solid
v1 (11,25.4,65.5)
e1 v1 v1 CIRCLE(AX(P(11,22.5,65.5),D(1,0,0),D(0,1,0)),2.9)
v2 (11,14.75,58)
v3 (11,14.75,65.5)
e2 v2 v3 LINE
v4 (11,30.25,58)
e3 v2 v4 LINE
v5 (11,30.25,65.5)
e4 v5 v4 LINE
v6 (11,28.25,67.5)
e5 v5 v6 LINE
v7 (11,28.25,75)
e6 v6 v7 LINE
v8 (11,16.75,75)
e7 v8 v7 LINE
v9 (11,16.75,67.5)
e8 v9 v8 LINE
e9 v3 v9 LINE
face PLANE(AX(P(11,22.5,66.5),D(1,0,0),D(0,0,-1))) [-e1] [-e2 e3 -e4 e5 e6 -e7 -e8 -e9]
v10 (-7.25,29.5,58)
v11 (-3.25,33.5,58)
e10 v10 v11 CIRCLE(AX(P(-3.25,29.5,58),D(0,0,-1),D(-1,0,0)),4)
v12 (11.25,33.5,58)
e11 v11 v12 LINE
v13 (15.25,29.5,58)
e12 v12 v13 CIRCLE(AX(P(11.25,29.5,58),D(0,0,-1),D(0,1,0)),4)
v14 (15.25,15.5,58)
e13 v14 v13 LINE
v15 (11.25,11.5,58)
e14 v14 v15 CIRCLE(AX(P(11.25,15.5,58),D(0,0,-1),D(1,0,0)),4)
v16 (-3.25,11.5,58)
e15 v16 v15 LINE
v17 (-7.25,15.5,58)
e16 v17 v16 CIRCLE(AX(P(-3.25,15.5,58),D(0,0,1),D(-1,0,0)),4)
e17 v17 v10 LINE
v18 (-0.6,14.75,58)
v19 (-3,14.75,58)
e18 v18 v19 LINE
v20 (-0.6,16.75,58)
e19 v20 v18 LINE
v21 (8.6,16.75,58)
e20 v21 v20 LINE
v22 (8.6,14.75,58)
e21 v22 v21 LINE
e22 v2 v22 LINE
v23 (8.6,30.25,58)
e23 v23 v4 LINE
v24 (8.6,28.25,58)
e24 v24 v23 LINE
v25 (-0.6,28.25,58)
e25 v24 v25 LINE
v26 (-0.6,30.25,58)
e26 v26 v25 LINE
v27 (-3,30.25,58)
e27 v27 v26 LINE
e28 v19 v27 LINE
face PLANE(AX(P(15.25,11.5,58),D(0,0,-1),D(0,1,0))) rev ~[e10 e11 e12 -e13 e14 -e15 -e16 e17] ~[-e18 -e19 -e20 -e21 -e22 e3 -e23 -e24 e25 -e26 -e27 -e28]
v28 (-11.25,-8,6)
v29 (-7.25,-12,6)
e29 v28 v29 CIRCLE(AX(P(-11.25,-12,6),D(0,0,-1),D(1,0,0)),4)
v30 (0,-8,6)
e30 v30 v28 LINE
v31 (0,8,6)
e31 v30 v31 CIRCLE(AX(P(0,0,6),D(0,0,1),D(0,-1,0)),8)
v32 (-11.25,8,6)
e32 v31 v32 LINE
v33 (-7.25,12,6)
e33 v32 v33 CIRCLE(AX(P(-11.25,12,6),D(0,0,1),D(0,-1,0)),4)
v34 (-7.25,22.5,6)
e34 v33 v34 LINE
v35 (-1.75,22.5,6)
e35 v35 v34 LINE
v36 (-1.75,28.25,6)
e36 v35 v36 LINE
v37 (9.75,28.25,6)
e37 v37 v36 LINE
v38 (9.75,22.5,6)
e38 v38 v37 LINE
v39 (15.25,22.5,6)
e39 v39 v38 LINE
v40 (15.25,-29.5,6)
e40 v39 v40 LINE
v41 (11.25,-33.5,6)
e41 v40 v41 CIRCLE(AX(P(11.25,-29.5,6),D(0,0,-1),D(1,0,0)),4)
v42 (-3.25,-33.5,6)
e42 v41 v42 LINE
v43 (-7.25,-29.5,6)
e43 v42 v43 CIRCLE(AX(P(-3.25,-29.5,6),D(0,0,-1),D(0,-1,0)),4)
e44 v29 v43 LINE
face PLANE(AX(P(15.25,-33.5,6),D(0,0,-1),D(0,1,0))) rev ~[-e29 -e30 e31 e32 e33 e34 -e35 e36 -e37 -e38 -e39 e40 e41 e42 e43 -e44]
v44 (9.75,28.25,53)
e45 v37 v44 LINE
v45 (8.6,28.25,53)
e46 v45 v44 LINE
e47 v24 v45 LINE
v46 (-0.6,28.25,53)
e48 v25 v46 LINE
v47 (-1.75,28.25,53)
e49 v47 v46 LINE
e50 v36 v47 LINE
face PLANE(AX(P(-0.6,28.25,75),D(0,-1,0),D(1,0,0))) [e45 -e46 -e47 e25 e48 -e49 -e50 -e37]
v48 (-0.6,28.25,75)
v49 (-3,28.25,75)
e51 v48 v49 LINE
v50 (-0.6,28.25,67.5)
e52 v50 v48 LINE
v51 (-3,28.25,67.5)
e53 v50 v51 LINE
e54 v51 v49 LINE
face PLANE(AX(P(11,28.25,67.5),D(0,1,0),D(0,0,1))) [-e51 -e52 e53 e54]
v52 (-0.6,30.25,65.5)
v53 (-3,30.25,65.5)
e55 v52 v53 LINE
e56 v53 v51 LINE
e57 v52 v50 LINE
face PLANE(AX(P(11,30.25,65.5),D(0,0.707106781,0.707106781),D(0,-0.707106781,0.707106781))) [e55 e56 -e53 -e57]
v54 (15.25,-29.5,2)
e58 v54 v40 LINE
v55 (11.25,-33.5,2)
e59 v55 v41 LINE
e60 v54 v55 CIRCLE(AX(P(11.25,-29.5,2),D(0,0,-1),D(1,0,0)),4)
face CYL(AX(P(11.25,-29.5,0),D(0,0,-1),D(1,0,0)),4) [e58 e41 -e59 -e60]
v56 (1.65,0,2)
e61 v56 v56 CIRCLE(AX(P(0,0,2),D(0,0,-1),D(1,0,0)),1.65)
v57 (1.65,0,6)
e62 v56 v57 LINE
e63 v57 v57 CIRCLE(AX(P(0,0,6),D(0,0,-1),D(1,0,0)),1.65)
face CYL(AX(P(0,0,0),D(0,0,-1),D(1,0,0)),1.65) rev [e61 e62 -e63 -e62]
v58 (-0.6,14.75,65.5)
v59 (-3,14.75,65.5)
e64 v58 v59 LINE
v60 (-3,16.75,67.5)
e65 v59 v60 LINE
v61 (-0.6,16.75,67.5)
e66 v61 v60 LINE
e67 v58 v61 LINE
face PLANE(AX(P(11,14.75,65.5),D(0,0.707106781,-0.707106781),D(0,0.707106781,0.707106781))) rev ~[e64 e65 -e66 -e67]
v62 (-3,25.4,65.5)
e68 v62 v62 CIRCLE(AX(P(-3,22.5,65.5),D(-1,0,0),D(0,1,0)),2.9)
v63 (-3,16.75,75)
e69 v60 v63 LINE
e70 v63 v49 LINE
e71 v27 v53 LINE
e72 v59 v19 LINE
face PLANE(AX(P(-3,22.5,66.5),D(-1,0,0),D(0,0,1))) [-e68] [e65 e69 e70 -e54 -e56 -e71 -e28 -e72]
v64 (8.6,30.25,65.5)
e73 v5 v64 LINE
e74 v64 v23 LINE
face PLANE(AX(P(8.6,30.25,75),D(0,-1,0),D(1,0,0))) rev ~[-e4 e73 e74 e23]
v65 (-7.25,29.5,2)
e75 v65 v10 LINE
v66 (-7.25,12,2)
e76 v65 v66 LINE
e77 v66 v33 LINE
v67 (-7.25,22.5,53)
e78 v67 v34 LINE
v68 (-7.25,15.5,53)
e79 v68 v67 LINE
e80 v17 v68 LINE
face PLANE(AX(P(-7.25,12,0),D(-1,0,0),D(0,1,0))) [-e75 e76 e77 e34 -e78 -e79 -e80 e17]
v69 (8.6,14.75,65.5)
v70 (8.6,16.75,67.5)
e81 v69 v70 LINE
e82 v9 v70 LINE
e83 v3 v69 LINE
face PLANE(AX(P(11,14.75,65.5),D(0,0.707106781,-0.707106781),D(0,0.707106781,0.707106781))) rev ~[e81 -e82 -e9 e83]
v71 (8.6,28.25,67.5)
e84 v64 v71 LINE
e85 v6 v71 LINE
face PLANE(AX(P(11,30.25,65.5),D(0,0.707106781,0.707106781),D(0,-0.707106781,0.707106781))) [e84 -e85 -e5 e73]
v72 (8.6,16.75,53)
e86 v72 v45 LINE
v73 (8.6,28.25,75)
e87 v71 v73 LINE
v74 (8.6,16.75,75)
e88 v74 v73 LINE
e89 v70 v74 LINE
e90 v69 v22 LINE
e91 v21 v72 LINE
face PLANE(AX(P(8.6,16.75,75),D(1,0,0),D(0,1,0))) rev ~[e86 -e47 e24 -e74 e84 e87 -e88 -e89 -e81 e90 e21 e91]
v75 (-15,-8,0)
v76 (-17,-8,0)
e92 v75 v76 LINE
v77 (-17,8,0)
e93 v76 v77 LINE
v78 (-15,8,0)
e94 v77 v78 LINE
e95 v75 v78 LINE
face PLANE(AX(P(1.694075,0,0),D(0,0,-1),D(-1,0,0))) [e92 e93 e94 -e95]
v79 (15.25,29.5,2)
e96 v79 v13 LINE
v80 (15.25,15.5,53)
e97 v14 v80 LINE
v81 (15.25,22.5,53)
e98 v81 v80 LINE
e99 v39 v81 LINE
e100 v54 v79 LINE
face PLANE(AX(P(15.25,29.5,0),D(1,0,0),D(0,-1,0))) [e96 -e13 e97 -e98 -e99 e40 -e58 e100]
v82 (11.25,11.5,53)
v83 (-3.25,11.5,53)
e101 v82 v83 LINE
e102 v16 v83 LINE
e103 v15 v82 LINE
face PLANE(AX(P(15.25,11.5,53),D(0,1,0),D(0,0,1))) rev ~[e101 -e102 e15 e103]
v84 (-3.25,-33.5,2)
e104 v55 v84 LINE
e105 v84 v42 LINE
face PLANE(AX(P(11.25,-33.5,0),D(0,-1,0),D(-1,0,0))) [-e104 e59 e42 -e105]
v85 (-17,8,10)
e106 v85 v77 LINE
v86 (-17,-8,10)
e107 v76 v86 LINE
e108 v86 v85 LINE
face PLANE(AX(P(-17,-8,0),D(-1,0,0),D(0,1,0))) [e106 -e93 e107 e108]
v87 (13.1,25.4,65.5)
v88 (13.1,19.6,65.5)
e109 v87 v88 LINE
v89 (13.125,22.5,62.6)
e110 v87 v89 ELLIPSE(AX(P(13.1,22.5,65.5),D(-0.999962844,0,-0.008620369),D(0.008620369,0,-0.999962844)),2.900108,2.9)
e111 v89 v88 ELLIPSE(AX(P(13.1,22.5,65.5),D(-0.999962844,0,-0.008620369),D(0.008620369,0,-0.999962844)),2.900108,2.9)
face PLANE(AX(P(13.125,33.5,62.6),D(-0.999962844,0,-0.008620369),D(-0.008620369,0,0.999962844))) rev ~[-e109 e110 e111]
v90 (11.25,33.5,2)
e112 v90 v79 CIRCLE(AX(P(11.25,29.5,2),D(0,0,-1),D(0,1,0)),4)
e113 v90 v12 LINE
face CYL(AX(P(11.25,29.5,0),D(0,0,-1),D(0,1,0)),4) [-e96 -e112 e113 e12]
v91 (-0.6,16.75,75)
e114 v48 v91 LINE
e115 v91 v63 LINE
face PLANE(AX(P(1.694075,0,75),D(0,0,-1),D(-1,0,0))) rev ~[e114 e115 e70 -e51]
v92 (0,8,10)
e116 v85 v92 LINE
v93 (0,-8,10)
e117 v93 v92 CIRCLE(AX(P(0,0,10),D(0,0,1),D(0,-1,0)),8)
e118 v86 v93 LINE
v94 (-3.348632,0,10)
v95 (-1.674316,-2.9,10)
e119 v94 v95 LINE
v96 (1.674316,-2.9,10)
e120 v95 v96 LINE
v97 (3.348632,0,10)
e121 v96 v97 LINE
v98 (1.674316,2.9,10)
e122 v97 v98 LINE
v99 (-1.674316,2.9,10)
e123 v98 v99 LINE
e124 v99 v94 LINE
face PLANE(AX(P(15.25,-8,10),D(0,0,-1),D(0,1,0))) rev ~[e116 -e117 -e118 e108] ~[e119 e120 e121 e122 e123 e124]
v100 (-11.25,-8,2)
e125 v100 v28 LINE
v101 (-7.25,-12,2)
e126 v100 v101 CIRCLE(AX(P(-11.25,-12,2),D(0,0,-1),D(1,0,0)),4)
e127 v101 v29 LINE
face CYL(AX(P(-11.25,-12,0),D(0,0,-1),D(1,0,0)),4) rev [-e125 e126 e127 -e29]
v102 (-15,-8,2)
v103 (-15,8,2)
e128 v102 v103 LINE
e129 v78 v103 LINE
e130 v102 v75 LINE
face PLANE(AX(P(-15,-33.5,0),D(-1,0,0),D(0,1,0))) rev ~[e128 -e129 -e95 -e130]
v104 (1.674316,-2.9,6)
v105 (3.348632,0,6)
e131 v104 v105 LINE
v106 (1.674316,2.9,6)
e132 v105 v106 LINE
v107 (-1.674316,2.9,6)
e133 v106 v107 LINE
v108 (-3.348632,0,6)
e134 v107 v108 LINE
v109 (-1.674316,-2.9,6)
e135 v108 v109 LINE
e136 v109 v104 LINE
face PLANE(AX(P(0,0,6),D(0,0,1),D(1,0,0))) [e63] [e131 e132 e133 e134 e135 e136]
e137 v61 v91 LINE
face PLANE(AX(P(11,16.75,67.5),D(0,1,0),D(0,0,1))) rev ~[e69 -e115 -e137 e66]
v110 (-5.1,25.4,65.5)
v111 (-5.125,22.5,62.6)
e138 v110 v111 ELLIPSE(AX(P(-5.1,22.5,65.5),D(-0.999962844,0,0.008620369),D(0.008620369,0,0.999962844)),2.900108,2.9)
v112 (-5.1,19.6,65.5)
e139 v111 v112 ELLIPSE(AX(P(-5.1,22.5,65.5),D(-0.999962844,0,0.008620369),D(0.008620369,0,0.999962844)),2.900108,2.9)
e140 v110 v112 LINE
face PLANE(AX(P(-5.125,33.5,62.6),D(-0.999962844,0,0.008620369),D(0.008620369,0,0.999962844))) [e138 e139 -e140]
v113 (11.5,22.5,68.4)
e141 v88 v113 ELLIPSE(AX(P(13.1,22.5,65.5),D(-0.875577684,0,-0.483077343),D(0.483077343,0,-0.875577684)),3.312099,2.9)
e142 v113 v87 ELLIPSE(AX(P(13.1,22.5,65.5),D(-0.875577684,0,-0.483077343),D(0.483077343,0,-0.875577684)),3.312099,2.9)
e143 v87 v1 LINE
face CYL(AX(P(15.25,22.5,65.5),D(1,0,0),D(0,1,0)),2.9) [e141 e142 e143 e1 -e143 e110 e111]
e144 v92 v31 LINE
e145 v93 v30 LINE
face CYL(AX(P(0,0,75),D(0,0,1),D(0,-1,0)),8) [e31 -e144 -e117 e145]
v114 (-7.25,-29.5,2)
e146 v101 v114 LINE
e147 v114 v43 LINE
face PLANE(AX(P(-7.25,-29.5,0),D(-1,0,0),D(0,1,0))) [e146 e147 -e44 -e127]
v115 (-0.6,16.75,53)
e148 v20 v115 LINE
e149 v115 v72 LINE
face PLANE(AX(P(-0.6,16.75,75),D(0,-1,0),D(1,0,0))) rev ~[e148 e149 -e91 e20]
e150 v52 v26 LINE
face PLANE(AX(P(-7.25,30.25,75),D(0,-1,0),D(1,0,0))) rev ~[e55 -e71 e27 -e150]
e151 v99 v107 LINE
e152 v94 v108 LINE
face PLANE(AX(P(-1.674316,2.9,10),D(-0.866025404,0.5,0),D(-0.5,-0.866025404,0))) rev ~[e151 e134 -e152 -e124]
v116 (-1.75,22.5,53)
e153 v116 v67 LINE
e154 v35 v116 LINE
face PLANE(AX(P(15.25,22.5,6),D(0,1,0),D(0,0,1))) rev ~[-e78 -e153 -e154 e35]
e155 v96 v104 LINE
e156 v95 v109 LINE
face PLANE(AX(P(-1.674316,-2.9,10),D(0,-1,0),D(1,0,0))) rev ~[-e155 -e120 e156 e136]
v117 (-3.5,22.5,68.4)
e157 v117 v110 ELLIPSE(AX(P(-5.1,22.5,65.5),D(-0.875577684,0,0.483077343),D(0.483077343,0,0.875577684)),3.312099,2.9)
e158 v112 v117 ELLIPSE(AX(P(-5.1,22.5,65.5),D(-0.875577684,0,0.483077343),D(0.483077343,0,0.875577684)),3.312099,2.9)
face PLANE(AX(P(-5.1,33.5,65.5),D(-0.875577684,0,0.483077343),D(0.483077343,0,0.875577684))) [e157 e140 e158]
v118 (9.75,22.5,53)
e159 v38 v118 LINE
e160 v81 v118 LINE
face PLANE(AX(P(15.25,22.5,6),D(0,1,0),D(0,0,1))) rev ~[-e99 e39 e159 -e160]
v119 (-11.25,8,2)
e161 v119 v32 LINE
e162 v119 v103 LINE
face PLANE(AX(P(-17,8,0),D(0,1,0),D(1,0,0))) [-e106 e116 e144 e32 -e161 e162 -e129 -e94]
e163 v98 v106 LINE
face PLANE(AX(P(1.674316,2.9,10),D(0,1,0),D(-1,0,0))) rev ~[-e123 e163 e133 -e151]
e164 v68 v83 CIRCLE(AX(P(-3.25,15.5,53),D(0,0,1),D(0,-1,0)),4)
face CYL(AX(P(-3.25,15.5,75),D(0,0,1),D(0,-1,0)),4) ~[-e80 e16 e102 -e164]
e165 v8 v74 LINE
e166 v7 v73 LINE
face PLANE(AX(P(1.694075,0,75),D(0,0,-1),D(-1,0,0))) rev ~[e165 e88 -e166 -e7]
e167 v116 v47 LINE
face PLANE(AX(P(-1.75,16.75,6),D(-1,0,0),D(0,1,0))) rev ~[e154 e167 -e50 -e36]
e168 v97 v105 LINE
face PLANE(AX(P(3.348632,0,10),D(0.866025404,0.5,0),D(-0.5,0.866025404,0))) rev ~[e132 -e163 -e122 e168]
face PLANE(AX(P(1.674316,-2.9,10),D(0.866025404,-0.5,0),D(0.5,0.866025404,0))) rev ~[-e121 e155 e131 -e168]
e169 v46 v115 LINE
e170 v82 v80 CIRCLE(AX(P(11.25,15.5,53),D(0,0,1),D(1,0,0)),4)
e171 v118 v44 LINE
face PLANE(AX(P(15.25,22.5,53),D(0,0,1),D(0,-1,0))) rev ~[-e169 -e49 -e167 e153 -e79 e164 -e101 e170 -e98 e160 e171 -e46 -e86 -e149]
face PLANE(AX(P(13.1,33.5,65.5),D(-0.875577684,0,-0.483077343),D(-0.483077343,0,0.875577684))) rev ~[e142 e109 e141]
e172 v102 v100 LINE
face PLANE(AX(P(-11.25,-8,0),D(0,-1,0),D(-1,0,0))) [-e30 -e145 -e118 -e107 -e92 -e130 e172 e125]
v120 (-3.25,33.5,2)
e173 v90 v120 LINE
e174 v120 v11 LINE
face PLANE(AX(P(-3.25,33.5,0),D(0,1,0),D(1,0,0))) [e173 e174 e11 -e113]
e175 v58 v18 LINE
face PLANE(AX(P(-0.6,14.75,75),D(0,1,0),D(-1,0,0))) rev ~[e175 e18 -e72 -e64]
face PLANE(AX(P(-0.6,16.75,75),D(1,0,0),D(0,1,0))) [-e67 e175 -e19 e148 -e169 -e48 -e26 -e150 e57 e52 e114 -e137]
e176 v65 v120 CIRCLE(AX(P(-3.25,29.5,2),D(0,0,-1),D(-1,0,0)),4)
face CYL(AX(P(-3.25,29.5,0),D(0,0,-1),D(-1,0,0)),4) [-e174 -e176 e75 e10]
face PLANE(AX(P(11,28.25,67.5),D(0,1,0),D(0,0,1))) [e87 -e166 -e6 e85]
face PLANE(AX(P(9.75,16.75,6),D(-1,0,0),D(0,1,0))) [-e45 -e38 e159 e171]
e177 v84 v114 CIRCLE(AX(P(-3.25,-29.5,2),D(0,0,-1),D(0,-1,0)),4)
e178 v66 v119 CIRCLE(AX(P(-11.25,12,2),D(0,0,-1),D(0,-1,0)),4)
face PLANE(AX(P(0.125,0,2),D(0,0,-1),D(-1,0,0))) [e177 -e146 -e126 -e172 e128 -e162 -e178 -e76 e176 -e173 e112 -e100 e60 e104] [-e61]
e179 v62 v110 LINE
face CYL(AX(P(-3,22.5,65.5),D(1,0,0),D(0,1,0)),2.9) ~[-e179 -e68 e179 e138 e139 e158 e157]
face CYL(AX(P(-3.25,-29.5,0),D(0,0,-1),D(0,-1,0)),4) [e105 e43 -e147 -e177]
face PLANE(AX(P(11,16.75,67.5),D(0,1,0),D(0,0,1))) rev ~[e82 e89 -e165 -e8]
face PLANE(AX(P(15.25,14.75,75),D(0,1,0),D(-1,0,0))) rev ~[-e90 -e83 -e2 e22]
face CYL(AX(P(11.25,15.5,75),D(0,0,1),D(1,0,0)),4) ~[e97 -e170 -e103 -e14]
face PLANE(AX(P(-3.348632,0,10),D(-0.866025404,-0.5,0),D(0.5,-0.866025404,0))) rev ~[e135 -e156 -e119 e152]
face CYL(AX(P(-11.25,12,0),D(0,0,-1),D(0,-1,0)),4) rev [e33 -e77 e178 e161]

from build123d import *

# Parameters (mm, degrees)
SKETCH1_R           = 1.65
BOSS_EXTRUDE1_DEPTH = 75
CUT_EXTRUDE3_REACH  = 90.246
CUT_EXTRUDE4_REACH  = 85.882
SKETCH5_W           = 9.2
SKETCH5_H           = 11.5
SKETCH6_W           = 11.5
SKETCH6_H           = 11.5
CUT_EXTRUDE5_DEPTH  = 47
SKETCH7_W           = 30.25
SKETCH7_H           = 67
CUT_EXTRUDE6_DEPTH  = 2
CUT_EXTRUDE7_DEPTH  = 4
SKETCH9_W           = 17
SKETCH9_H           = 22
SKETCH9_R           = 2.9
CUT_EXTRUDE8_DEPTH  = 4.25
CUT_EXTRUDE9_START  = -4.25
SKETCH10_W          = 17
SKETCH10_H          = 22
SKETCH10_R          = 2.9
CUT_EXTRUDE9_DEPTH  = 4.25
CUT_EXTRUDE10_DEPTH = 17
CUT_EXTRUDE11_START = -18.25
CUT_EXTRUDE11_DEPTH = 14
CUT_EXTRUDE12_REACH = 103.995


with BuildPart() as part:
    # Sketch1 → Boss-Extrude1 (new body)
    with BuildSketch(Plane.XY):
        with BuildLine():
            Line((-17, -8), (-17, 8))
            Line((-17, 8), (-11.25, 8))
            ThreePointArc((-11.25, 8), (-8.421572875, 9.171572875), (-7.25, 12))
            Line((-7.25, 12), (-7.25, 29.5))
            ThreePointArc((-7.25, 29.5), (-6.078427125, 32.328427125), (-3.25, 33.5))
            Line((-3.25, 33.5), (11.25, 33.5))
            ThreePointArc((11.25, 33.5), (14.078427125, 32.328427125), (15.25, 29.5))
            Line((15.25, 29.5), (15.25, -29.5))
            ThreePointArc((15.25, -29.5), (14.078427125, -32.328427125), (11.25, -33.5))
            Line((11.25, -33.5), (-3.25, -33.5))
            ThreePointArc((-3.25, -33.5), (-6.078427125, -32.328427125), (-7.25, -29.5))
            Line((-7.25, -29.5), (-7.25, -12))
            ThreePointArc((-7.25, -12), (-8.421572875, -9.171572875), (-11.25, -8))
            Line((-11.25, -8), (-17, -8))
        make_face()
        Circle(SKETCH1_R, mode=Mode.SUBTRACT)
    extrude(amount=BOSS_EXTRUDE1_DEPTH)

    # Cut-Extrude3: up to this face of the body (flat: up to its plane)
    cut_extrude3_end = Plane(part.part.faces().sort_by_distance((-17, 0, 37.5))[0])
    # Sketch4 → Cut-Extrude3 (cut, up to the picked face)
    with BuildSketch(Plane(origin=(15.25, 0, 0), x_dir=(0, 0, -1), z_dir=(1, 0, 0)), mode=Mode.PRIVATE) as cut_extrude3_sk1:
        Polygon((-75, 11.5), (-75, -33.5), (-6, -33.5), (-6, -8), (-10, -8), (-10, 8), (-6, 8), (-6, 22.5), (-53, 22.5), (-53, 11.5), align=None)
    cut_extrude3_tool1 = split(extrude(cut_extrude3_sk1.sketch, amount=-CUT_EXTRUDE3_REACH, mode=Mode.PRIVATE), bisect_by=cut_extrude3_end, keep=Keep.BOTH, mode=Mode.PRIVATE)
    add(cut_extrude3_tool1.solids().sort_by(Axis((15.25, -7.129286, 39.486228), (-1, 0, 0)))[0], mode=Mode.SUBTRACT)

    # Cut-Extrude4: up to this face of the body (flat: up to its plane)
    cut_extrude4_end = Plane(part.part.faces().sort_by_distance((3.873526685, 15.183797252, 6))[0])
    # Sketch5 → Cut-Extrude4 (cut, up to the picked face)
    with BuildSketch(Plane.XY.offset(75), mode=Mode.PRIVATE) as cut_extrude4_sk1:
        with Locations((4, 22.5)):
            Rectangle(SKETCH5_W, SKETCH5_H)
    cut_extrude4_tool1 = split(extrude(cut_extrude4_sk1.sketch, amount=-CUT_EXTRUDE4_REACH, mode=Mode.PRIVATE), bisect_by=cut_extrude4_end, keep=Keep.BOTH, mode=Mode.PRIVATE)
    # Sketch5 → Cut-Extrude4 (cut, up to the picked face)
    with BuildSketch(Plane.XY.offset(75), mode=Mode.PRIVATE) as cut_extrude4_sk2:
        with BuildLine():
            Line((11.25, 11.5), (15.25, 11.5))
            Line((15.25, 11.5), (15.25, 15.5))
            ThreePointArc((15.25, 15.5), (14.078427125, 12.671572875), (11.25, 11.5))
        make_face()
    cut_extrude4_tool2 = split(extrude(cut_extrude4_sk2.sketch, amount=-CUT_EXTRUDE4_REACH, mode=Mode.PRIVATE), bisect_by=cut_extrude4_end, keep=Keep.BOTH, mode=Mode.PRIVATE)
    # Sketch5 → Cut-Extrude4 (cut, up to the picked face)
    with BuildSketch(Plane.XY.offset(75), mode=Mode.PRIVATE) as cut_extrude4_sk3:
        with BuildLine():
            Line((-7.281373033, 11.5), (-3.25, 11.5))
            ThreePointArc((-3.25, 11.5), (-6.078427125, 12.671572875), (-7.25, 15.5))
            Line((-7.25, 15.5), (-7.25, 12))
            ThreePointArc((-7.25, 12), (-7.257850963, 11.74950835), (-7.281373033, 11.5))
        make_face()
    cut_extrude4_tool3 = split(extrude(cut_extrude4_sk3.sketch, amount=-CUT_EXTRUDE4_REACH, mode=Mode.PRIVATE), bisect_by=cut_extrude4_end, keep=Keep.BOTH, mode=Mode.PRIVATE)
    # Sketch5 → Cut-Extrude4 (cut, up to the picked face)
    with BuildSketch(Plane.XY.offset(75), mode=Mode.PRIVATE) as cut_extrude4_sk4:
        with BuildLine():
            Line((0, 8), (15.25, 8))
            Line((15.25, 8), (15.25, -8))
            Line((15.25, -8), (0, -8))
            ThreePointArc((0, -8), (8, 0), (0, 8))
        make_face()
    cut_extrude4_tool4 = split(extrude(cut_extrude4_sk4.sketch, amount=-CUT_EXTRUDE4_REACH, mode=Mode.PRIVATE), bisect_by=cut_extrude4_end, keep=Keep.BOTH, mode=Mode.PRIVATE)
    add(cut_extrude4_tool1.solids().sort_by(Axis((4, 22.5, 75), (0, 0, -1)))[0], mode=Mode.SUBTRACT)
    add(cut_extrude4_tool2.solids().sort_by(Axis((14.356528, 12.393472, 75), (0, 0, -1)))[0], mode=Mode.SUBTRACT)
    add(cut_extrude4_tool3.solids().sort_by(Axis((-6.357899, 12.392305, 75), (0, 0, -1)))[0], mode=Mode.SUBTRACT)
    add(cut_extrude4_tool4.solids().sort_by(Axis((10.588812, 0, 75), (0, 0, -1)))[0], mode=Mode.SUBTRACT)

    # Sketch6 → Cut-Extrude5 (cut)
    with BuildSketch(Plane.XY.offset(6)):
        with Locations((4, 22.5)):
            Rectangle(SKETCH6_W, SKETCH6_H)
    extrude(amount=CUT_EXTRUDE5_DEPTH, mode=Mode.SUBTRACT)

    # Sketch7 → Cut-Extrude6 (cut)
    with BuildSketch(Plane(origin=(0, 0, 0), x_dir=(-1, 0, 0), z_dir=(0, 0, -1))):
        with Locations((-0.125, 0)):
            Rectangle(SKETCH7_W, SKETCH7_H)
    extrude(amount=-CUT_EXTRUDE6_DEPTH, mode=Mode.SUBTRACT)

    # Sketch8 → Cut-Extrude7 (cut)
    with BuildSketch(Plane.XY.offset(10)):
        Polygon((3.348631561, 0), (1.674315781, 2.9), (-1.674315781, 2.9), (-3.348631561, 0), (-1.674315781, -2.9), (1.674315781, -2.9), align=None)
    extrude(amount=-CUT_EXTRUDE7_DEPTH, mode=Mode.SUBTRACT)

    # Sketch9 → Cut-Extrude8 (cut)
    with BuildSketch(Plane(origin=(15.25, 0, 0), x_dir=(0, 0, -1), z_dir=(1, 0, 0))):
        with Locations((-66.5, 22.5)):
            Rectangle(SKETCH9_W, SKETCH9_H)
        with Locations(Location((-65.5, 22.5, 0), (0, 0, 90))):
            Circle(SKETCH9_R, mode=Mode.SUBTRACT)
    extrude(amount=-CUT_EXTRUDE8_DEPTH, mode=Mode.SUBTRACT)

    # Sketch10 → Cut-Extrude9 (cut)
    with BuildSketch(Plane.ZY.offset(7.25).offset(CUT_EXTRUDE9_START)):
        with Locations((66.5, 22.5)):
            Rectangle(SKETCH10_W, SKETCH10_H)
        with Locations(Location((65.5, 22.5, 0), (0, 0, 90))):
            Circle(SKETCH10_R, mode=Mode.SUBTRACT)
    extrude(amount=CUT_EXTRUDE9_DEPTH, mode=Mode.SUBTRACT)

    # Sketch11 → Cut-Extrude10 (cut)
    with BuildSketch(Plane.XY.offset(75)):
        Polygon((-7.25, 14.75), (-7.25, 11.5), (15.25, 11.5), (15.25, 14.75), (8.6, 14.75), (8.6, 30.25), (15.25, 30.25), (15.25, 33.5), (-7.25, 33.5), (-7.25, 30.25), (-0.6, 30.25), (-0.6, 14.75), align=None)
    extrude(amount=-CUT_EXTRUDE10_DEPTH, mode=Mode.SUBTRACT)

    # Sketch12 → Cut-Extrude11 (cut)
    with BuildSketch(Plane.ZY.offset(7.25).offset(CUT_EXTRUDE11_START)):
        Polygon((65.5, 30.25), (67.5, 28.25), (75, 28.25), (75, 30.25), align=None)
        Polygon((65.5, 14.75), (67.5, 16.75), (75, 16.75), (75, 14.75), align=None)
    extrude(amount=CUT_EXTRUDE11_DEPTH, mode=Mode.SUBTRACT)

    # Cut-Extrude12: up to this face of the body (flat: up to its plane)
    cut_extrude12_end = Plane(part.part.faces().sort_by_distance((4, 11.5, 55.5))[0])
    # Sketch13 → Cut-Extrude12 (cut, up to the picked face)
    with BuildSketch(Plane(origin=(0, 33.5, 0), x_dir=(1, 0, 0), z_dir=(0, 1, 0)), mode=Mode.PRIVATE) as cut_extrude12_sk1:
        Polygon((-5.1, -65.5), (-3.5, -68.4), (-7.25, -68.4), (-7.25, -62.6), (-5.125, -62.6), align=None)
    cut_extrude12_tool1 = split(extrude(cut_extrude12_sk1.sketch, amount=-CUT_EXTRUDE12_REACH, mode=Mode.PRIVATE), bisect_by=cut_extrude12_end, keep=Keep.BOTH, mode=Mode.PRIVATE)
    # Sketch13 → Cut-Extrude12 (cut, up to the picked face)
    with BuildSketch(Plane(origin=(0, 33.5, 0), x_dir=(1, 0, 0), z_dir=(0, 1, 0)), mode=Mode.PRIVATE) as cut_extrude12_sk2:
        Polygon((13.1, -65.5), (11.5, -68.4), (15.25, -68.4), (15.25, -62.6), (13.125, -62.6), align=None)
    cut_extrude12_tool2 = split(extrude(cut_extrude12_sk2.sketch, amount=-CUT_EXTRUDE12_REACH, mode=Mode.PRIVATE), bisect_by=cut_extrude12_end, keep=Keep.BOTH, mode=Mode.PRIVATE)
    add(cut_extrude12_tool1.solids().sort_by(Axis((-5.924713, 33.5, 65.808763), (0, -1, 0)))[0], mode=Mode.SUBTRACT)
    add(cut_extrude12_tool2.solids().sort_by(Axis((13.924713, 33.5, 65.808763), (0, -1, 0)))[0], mode=Mode.SUBTRACT)


solid = part.part
